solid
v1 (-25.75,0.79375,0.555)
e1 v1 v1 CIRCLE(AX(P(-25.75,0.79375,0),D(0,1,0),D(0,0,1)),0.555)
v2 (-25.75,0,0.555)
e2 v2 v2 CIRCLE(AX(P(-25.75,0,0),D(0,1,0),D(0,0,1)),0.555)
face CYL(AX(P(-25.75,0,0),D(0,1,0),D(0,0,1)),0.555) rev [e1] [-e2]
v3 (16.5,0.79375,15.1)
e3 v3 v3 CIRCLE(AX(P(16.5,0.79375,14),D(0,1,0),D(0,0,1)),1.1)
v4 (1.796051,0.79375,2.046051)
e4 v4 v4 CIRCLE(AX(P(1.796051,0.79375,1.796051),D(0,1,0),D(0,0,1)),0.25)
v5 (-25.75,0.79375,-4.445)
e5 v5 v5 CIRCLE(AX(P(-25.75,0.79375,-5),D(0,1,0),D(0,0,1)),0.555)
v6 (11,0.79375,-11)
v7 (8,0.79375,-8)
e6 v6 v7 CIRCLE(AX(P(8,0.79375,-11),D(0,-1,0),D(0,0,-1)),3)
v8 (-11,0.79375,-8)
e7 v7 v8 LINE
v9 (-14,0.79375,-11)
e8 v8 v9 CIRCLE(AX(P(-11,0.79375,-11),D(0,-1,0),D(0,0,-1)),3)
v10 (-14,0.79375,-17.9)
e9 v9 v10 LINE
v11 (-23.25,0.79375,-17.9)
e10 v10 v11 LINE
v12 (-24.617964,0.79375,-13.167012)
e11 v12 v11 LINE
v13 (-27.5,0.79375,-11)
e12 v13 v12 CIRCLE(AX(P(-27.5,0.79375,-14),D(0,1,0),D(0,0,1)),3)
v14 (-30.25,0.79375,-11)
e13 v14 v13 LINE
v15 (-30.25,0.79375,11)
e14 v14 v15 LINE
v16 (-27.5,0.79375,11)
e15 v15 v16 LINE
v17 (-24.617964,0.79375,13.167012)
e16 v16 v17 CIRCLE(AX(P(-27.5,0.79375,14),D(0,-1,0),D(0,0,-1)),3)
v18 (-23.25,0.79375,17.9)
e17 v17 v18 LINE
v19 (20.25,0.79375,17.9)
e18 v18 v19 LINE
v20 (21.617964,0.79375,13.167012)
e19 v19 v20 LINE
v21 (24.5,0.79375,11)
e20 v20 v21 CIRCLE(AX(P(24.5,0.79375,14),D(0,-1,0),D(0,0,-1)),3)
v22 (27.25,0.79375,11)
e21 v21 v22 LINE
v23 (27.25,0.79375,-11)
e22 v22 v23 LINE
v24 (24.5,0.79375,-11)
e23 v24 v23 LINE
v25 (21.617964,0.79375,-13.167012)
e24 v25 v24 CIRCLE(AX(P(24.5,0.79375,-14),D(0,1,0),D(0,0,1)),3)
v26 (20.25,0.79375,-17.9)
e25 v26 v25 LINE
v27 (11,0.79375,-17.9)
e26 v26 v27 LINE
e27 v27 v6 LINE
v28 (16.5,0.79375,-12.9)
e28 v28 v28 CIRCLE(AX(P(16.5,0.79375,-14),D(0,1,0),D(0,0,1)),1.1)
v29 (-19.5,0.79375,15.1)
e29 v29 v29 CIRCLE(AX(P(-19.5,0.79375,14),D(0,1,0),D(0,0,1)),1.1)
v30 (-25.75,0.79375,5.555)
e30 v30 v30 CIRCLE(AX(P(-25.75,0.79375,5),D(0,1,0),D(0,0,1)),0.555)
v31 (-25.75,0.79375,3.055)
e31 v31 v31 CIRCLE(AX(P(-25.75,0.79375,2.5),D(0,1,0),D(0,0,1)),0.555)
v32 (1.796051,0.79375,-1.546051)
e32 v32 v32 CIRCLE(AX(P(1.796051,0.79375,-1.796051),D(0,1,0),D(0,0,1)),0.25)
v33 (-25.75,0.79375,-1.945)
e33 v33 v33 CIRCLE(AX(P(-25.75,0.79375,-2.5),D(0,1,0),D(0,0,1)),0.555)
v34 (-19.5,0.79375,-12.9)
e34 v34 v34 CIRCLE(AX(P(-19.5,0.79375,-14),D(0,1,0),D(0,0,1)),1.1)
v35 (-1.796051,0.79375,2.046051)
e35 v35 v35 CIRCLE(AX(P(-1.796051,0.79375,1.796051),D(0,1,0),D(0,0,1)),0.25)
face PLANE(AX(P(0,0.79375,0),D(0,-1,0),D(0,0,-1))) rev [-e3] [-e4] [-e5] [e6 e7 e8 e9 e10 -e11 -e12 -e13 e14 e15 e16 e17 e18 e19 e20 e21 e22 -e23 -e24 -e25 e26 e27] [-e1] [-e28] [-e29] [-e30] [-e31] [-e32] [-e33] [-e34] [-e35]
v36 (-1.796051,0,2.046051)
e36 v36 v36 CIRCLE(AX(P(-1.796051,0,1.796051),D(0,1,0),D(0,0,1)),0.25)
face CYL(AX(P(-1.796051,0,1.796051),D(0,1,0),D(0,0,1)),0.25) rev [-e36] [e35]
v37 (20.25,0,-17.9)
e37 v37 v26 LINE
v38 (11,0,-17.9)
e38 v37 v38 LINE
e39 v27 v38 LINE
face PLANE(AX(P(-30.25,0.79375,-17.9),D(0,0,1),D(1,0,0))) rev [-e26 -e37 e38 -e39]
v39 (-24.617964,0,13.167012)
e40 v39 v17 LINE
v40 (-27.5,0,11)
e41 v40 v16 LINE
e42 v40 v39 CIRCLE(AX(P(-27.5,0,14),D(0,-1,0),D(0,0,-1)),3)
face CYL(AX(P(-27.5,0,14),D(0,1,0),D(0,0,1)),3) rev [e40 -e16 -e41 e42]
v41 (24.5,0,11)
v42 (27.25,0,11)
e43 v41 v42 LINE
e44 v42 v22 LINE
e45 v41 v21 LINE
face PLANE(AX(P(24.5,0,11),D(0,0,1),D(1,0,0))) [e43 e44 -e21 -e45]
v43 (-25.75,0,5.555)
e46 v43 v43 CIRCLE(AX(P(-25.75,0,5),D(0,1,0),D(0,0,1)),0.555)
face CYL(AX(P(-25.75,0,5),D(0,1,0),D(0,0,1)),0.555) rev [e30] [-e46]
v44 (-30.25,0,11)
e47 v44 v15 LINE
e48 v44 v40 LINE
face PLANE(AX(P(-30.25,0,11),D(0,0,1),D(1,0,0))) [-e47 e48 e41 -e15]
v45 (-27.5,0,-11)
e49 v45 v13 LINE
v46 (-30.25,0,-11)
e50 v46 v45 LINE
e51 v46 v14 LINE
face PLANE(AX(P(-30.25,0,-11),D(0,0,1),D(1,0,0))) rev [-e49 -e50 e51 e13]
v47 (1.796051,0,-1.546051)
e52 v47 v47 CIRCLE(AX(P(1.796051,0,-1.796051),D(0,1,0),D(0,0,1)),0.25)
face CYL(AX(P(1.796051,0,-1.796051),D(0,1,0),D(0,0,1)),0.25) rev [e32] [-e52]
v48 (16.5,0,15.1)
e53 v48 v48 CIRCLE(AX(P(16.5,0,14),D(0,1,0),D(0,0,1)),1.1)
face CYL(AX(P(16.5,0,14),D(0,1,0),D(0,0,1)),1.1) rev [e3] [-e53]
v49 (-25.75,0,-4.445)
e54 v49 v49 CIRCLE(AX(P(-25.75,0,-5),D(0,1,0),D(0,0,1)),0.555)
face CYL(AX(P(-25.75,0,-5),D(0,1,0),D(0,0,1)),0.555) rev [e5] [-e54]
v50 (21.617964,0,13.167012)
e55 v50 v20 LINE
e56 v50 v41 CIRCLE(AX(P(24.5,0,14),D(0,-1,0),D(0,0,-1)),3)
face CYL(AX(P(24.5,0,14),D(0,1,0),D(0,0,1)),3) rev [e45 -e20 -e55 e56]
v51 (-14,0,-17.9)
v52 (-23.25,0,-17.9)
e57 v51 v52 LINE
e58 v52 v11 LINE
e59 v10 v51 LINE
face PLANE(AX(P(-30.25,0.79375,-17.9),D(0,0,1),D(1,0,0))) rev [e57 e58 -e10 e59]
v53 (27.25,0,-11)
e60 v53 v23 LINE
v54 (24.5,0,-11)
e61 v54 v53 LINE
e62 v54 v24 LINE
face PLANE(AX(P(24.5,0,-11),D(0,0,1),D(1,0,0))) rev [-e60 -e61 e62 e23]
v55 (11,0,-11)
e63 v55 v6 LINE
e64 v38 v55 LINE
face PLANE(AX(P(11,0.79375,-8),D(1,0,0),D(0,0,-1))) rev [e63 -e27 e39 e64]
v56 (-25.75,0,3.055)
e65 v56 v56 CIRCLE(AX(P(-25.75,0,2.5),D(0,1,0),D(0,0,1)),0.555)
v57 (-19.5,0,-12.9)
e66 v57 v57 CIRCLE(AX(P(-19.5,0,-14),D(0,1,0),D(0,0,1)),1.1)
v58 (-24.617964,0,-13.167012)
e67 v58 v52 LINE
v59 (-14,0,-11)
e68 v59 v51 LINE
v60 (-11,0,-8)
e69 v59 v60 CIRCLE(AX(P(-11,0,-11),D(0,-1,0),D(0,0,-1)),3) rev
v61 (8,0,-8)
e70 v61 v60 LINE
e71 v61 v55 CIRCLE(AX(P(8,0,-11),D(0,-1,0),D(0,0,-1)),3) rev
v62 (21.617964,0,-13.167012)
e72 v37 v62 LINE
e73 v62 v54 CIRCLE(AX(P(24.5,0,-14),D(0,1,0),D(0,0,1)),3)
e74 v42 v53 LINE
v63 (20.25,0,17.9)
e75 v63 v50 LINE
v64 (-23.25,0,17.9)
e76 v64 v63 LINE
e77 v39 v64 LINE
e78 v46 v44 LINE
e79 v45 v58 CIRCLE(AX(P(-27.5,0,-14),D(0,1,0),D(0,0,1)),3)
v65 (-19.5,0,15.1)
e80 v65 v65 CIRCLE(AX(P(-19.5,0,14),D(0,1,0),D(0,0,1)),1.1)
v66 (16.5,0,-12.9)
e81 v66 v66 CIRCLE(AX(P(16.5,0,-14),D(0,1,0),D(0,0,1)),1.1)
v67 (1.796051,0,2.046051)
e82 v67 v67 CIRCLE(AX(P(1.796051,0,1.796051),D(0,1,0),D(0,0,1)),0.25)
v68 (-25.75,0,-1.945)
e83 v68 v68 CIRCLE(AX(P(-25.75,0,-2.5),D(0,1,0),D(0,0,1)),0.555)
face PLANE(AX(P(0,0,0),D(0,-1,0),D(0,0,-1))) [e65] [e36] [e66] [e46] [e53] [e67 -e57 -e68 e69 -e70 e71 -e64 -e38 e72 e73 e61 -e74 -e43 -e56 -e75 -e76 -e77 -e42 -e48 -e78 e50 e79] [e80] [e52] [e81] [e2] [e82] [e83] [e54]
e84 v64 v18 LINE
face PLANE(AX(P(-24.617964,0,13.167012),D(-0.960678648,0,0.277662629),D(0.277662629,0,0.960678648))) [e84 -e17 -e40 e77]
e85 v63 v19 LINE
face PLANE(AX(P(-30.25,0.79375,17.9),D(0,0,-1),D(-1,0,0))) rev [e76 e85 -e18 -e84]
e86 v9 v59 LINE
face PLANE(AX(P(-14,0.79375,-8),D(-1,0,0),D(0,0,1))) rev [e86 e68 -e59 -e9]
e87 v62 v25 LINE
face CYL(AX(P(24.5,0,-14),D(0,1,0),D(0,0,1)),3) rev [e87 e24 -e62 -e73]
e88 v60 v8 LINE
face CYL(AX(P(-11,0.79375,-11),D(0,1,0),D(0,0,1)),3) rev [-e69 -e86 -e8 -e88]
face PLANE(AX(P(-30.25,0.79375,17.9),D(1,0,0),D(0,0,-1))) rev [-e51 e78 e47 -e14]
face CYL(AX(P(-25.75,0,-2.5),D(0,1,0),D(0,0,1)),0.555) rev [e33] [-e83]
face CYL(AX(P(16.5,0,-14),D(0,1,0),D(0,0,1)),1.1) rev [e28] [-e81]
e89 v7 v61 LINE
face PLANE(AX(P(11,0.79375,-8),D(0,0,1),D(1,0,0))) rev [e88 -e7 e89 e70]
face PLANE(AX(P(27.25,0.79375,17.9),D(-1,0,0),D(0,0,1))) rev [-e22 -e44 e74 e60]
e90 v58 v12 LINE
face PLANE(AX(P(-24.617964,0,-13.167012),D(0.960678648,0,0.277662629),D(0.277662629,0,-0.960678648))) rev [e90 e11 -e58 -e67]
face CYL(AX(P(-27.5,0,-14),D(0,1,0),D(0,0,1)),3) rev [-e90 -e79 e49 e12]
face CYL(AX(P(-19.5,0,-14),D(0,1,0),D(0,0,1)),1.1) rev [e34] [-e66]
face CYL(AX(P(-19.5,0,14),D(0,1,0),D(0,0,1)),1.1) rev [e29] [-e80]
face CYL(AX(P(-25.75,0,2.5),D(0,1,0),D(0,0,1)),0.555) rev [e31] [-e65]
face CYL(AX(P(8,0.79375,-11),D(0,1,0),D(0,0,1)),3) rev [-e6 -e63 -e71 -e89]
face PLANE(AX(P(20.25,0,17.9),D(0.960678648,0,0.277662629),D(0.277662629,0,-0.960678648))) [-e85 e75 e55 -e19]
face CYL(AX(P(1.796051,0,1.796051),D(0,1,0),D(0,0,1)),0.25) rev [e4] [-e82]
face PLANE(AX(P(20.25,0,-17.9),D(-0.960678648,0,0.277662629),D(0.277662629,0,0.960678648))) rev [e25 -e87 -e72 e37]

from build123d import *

# Parameters (mm, degrees)
SKETCH1_W                             = 57.5
SKETCH1_H                             = 35.8
BASE_EXTRUSION_DEPTH                  = 0.79375
SKETCH2_R                             = 0.25
PIR_MOUNTING_HOLES_DEPTH              = 36.158249943
SKETCH3_R                             = 0.555
CONNECTOR_MOUNTING_HOLE_DEPTH         = 36.158249943
CONNECTOR_MOUNTING_HOLE_PATTERN_COUNT = 5
CONNECTOR_MOUNTING_HOLE_PATTERN_PITCH = 2.5
SKETCH4_W                             = 25
SKETCH4_H                             = 9.9
LED_DRIVER_CLEARANCE_CUT_DEPTH        = 36.158249943
LED_DRIVER_CLEARANCE_CUT_FILLETS_R    = 3
CORNER_CUTOUT_DEPTH                   = 36.158249943
SKETCH7_R                             = 1.1
MOUNTING_SCREW_HOLES_DEPTH            = 36.158249943


with BuildPart() as part:
    # Sketch1 → Base Extrusion (new body)
    with BuildSketch(Plane(origin=(0, 0, 0), x_dir=(1, 0, 0), z_dir=(0, 1, 0))):
        with Locations((-1.5, 0)):
            Rectangle(SKETCH1_W, SKETCH1_H)
    extrude(amount=BASE_EXTRUSION_DEPTH)

    # Sketch2 → PIR Mounting Holes (cut, through all)
    with BuildSketch(Plane(origin=(0, 0.79375, 0), x_dir=(1, 0, 0), z_dir=(0, 1, 0))):
        with Locations(Location((1.796051224, -1.796051224, 0), (0, 0, 270))):
            Circle(SKETCH2_R)
        with Locations(Location((1.796051224, 1.796051224, 0), (0, 0, 270))):
            Circle(SKETCH2_R)
        with Locations(Location((-1.796051224, -1.796051224, 0), (0, 0, 270))):
            Circle(SKETCH2_R)
    extrude(amount=-PIR_MOUNTING_HOLES_DEPTH, mode=Mode.SUBTRACT)

    # Sketch3 → Connector Mounting Hole (cut, through all)
    with BuildSketch(Plane(origin=(0, 0.79375, 0), x_dir=(1, 0, 0), z_dir=(0, 1, 0))):
        with Locations(Location((-25.75, 5, 0), (0, 0, 270))):
            Circle(SKETCH3_R)
    connector_mounting_hole = extrude(amount=-CONNECTOR_MOUNTING_HOLE_DEPTH, mode=Mode.SUBTRACT)

    # Connector Mounting Hole Pattern: Connector Mounting Hole ×5
    with Locations(*[(0, 0, i * CONNECTOR_MOUNTING_HOLE_PATTERN_PITCH) for i in range(1, CONNECTOR_MOUNTING_HOLE_PATTERN_COUNT)]):
        add(connector_mounting_hole, mode=Mode.SUBTRACT)

    # Sketch4 → LED Driver Clearance Cut (cut, through all)
    with BuildSketch(Plane.XZ):
        with Locations((-1.5, -12.95)):
            Rectangle(SKETCH4_W, SKETCH4_H)
    extrude(amount=-LED_DRIVER_CLEARANCE_CUT_DEPTH, mode=Mode.SUBTRACT)

    # LED Driver Clearance Cut Fillets
    led_driver_clearance_cut_fillets_edges = [part.edges().sort_by_distance(p)[0] for p in [
        (-14, 0.396875, -8),
        (11, 0.396875, -8),
    ]]
    fillet(led_driver_clearance_cut_fillets_edges, radius=LED_DRIVER_CLEARANCE_CUT_FILLETS_R)

    # Sketch5 → Corner Cutout (cut, through all)
    with BuildSketch(Plane(origin=(0, 0.79375, 0), x_dir=(1, 0, 0), z_dir=(0, 1, 0))):
        with BuildLine():
            Line((-30.25, 11), (-27.5, 11))
            ThreePointArc((-27.5, 11), (-25.697080654, 11.602192287), (-24.617964056, 13.167012113))
            Line((-24.617964056, 13.167012113), (-23.25, 17.9))
            Line((-23.25, 17.9), (-30.25, 17.9))
            Line((-30.25, 17.9), (-30.25, 11))
        make_face()
        with BuildLine():
            Line((20.25, 17.9), (21.617964056, 13.167012113))
            ThreePointArc((21.617964056, 13.167012113), (22.697080654, 11.602192287), (24.5, 11))
            Line((24.5, 11), (27.25, 11))
            Line((27.25, 11), (27.25, 17.9))
            Line((27.25, 17.9), (20.25, 17.9))
        make_face()
    corner_cutout = extrude(amount=-CORNER_CUTOUT_DEPTH, mode=Mode.SUBTRACT)

    # Corner Cut Mirror: Corner Cutout across plane
    add(corner_cutout.mirror(Plane.XY), mode=Mode.SUBTRACT)

    # Sketch7 → Mounting Screw Holes (cut, through all)
    with BuildSketch(Plane(origin=(0, 0.79375, 0), x_dir=(1, 0, 0), z_dir=(0, 1, 0))):
        with Locations(Location((-19.5, 14, 0), (0, 0, 270))):
            Circle(SKETCH7_R)
        with Locations(Location((-19.5, -14, 0), (0, 0, 270))):
            Circle(SKETCH7_R)
        with Locations(Location((16.5, -14, 0), (0, 0, 270))):
            Circle(SKETCH7_R)
        with Locations(Location((16.5, 14, 0), (0, 0, 270))):
            Circle(SKETCH7_R)
    extrude(amount=-MOUNTING_SCREW_HOLES_DEPTH, mode=Mode.SUBTRACT)


solid = part.part
